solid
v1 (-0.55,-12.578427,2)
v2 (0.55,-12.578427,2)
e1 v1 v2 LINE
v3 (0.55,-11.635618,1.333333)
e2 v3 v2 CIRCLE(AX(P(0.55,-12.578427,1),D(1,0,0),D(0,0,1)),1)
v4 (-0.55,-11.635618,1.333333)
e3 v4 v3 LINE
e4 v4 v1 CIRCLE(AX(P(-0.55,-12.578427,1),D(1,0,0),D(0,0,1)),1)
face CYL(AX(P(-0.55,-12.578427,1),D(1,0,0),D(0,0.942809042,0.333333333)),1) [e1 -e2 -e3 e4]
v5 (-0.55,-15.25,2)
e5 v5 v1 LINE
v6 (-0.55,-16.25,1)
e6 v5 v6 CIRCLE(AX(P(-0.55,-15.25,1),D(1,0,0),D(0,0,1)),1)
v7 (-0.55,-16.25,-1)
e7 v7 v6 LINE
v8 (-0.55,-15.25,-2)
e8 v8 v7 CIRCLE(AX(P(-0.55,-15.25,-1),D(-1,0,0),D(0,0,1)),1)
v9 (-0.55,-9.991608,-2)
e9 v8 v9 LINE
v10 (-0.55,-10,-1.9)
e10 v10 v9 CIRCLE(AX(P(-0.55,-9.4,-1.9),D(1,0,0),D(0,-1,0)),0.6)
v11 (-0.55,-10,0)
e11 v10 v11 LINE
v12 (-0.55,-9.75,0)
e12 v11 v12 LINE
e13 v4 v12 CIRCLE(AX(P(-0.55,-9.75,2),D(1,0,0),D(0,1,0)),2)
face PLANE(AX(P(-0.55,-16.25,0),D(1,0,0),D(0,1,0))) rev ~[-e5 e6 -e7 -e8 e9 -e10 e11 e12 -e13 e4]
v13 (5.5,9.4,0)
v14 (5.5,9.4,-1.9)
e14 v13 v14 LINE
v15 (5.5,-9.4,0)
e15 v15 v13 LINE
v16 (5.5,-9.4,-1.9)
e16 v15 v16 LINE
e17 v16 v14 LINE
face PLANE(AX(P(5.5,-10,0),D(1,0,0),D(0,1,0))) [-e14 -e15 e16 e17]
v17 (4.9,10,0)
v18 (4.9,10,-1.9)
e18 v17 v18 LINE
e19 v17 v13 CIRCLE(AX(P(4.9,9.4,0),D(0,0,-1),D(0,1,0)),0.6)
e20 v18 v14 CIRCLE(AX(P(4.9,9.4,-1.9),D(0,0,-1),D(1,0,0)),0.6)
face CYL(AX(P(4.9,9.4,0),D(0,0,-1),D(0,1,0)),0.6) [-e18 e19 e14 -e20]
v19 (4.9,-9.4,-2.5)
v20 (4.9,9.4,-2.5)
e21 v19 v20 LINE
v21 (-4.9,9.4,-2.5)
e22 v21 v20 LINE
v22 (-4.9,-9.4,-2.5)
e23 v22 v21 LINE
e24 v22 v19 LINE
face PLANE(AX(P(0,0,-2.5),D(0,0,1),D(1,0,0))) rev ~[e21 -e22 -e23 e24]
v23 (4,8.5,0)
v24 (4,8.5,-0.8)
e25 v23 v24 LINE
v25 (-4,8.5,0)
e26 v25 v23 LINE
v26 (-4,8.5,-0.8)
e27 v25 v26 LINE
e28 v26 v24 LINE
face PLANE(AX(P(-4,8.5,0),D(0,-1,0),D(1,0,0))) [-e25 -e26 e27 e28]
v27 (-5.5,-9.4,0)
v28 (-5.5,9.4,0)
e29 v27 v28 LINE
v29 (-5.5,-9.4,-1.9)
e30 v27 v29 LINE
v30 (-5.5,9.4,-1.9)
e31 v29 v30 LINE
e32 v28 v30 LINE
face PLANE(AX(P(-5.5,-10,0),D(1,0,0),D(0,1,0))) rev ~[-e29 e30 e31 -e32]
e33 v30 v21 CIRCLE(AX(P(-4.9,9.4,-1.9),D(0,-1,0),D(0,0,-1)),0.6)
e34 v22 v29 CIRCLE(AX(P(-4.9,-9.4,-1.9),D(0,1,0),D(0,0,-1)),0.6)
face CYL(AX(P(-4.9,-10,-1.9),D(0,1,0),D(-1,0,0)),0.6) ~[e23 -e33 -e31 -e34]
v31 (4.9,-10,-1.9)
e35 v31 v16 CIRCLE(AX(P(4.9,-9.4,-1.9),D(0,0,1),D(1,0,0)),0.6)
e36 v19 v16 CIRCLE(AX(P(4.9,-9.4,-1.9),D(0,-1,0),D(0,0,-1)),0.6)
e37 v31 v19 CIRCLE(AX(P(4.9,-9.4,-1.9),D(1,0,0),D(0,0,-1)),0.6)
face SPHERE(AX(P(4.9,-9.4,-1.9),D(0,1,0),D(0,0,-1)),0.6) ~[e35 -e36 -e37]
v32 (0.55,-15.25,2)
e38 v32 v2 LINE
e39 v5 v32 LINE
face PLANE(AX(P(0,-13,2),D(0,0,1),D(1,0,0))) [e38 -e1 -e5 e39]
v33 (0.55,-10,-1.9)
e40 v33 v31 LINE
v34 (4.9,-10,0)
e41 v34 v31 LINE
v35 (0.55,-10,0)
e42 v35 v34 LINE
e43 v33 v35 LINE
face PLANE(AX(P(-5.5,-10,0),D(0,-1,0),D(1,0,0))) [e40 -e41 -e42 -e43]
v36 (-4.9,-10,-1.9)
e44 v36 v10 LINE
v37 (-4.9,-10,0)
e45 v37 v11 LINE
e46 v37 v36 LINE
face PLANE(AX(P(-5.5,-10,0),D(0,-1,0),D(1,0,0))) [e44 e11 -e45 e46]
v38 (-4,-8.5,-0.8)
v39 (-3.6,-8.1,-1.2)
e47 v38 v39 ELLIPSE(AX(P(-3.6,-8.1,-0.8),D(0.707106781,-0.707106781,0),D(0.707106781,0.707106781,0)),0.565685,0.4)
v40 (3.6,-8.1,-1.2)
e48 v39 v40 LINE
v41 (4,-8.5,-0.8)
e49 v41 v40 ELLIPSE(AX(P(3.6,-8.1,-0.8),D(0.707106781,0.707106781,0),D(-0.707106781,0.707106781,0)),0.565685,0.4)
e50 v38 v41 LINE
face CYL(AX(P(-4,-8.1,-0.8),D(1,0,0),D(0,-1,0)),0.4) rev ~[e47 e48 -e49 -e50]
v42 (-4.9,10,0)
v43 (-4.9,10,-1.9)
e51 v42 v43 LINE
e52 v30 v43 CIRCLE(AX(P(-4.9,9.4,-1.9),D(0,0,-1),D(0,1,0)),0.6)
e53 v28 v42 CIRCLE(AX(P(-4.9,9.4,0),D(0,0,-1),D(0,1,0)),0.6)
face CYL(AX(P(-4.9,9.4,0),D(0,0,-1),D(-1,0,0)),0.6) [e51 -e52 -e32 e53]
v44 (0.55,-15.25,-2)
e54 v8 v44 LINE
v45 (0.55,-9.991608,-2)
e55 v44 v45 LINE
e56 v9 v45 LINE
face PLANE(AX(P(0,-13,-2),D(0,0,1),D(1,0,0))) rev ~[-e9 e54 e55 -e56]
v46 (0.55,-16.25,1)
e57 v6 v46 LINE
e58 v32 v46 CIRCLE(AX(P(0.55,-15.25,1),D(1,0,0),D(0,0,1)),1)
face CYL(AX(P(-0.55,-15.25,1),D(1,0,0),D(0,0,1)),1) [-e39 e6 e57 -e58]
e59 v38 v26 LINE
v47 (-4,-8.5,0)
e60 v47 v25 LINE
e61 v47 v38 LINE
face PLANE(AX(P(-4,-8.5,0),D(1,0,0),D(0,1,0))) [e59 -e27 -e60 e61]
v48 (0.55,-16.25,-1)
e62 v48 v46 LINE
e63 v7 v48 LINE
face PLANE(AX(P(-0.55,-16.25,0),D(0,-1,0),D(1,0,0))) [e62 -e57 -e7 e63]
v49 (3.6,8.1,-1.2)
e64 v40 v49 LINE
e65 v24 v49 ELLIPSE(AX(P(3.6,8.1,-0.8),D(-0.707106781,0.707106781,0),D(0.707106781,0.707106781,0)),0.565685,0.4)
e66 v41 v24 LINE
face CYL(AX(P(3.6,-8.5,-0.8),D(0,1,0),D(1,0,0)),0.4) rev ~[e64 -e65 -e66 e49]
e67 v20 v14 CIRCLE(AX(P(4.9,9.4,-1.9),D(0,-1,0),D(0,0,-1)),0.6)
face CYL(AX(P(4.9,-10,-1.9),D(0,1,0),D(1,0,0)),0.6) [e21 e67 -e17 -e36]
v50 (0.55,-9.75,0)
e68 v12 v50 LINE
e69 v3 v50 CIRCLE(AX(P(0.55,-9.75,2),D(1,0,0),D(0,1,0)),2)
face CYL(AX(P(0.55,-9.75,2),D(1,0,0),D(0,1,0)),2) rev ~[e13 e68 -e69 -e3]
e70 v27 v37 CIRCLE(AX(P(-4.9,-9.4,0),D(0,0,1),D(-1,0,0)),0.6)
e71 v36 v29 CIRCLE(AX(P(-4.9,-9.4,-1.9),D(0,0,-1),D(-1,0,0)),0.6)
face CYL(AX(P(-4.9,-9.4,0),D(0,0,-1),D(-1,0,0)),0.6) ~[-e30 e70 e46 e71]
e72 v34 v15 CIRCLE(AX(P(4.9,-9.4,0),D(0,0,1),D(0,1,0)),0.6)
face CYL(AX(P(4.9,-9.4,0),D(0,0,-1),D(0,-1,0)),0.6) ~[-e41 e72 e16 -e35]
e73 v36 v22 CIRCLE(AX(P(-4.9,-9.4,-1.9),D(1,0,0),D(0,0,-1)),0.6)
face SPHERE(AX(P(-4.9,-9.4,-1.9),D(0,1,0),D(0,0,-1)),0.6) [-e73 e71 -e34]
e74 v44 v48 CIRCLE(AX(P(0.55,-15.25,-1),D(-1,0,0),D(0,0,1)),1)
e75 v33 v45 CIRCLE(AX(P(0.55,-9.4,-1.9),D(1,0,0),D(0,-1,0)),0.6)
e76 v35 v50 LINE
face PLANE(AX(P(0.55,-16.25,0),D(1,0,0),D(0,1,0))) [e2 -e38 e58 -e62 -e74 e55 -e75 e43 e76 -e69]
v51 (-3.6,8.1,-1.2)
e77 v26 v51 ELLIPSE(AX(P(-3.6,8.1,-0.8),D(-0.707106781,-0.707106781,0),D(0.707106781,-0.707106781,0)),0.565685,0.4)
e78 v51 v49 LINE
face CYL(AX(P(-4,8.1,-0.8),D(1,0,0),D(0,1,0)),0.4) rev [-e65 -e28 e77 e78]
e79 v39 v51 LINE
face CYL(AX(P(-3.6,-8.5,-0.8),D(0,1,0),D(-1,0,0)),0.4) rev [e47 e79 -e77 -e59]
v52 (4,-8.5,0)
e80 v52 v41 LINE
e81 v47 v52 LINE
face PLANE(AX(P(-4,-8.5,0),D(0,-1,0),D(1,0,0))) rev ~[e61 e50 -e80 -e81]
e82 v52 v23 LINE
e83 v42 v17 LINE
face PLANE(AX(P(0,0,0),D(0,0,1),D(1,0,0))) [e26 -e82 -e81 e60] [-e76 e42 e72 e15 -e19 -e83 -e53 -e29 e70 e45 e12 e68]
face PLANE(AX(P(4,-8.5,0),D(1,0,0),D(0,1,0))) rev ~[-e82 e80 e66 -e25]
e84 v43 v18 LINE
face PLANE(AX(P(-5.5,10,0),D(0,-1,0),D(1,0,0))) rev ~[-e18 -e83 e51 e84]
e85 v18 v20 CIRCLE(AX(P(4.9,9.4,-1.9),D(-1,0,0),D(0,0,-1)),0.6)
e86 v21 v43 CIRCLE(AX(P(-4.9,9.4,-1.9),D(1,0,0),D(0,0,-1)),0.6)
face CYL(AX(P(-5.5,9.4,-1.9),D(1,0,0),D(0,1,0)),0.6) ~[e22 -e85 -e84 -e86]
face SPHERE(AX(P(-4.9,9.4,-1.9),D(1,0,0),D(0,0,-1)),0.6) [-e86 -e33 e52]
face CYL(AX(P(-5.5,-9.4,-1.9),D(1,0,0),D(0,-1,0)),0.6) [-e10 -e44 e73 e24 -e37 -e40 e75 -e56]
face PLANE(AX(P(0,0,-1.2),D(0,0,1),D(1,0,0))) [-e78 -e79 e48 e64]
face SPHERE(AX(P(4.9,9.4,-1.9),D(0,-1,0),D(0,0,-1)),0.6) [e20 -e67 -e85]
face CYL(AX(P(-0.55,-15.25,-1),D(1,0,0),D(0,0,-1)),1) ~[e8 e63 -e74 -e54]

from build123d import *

# Parameters (mm, degrees)
F0_W     = 11
F0_H     = 20
F1_DEPTH = 2.5
F2_W     = 8
F2_H     = 17
F3_DEPTH = 1.2
F4_R     = 0.4
F5_R     = 0.6
F6_W     = 1.1
F6_H     = 6.5
F7_DEPTH = 2
F8_R     = 2
F9_DEPTH = 25
F10_R    = 1


with BuildPart() as f1:
    # F0 (on Top) → F1 (new body)
    with BuildSketch(Plane.XY):
        Rectangle(F0_W, F0_H)
    extrude(amount=-F1_DEPTH)

    # F2 (on face) → F3 (cut)
    with BuildSketch(Plane.XY):
        Rectangle(F2_W, F2_H)
    extrude(amount=-F3_DEPTH, mode=Mode.SUBTRACT)

    # F4
    f4_edges = [f1.edges().sort_by_distance(p)[0] for p in [
        (4, 0, -1.2),
        (0, 8.5, -1.2),
        (-4, 0, -1.2),
        (0, -8.5, -1.2),
    ]]
    fillet(f4_edges, radius=F4_R)

    # F5
    f5_edges = [f1.edges().sort_by_distance(p)[0] for p in [
        (5.5, 0, -2.5),
        (0, 10, -2.5),
        (-5.5, 0, -2.5),
        (0, -10, -2.5),
        (5.5, -10, -1.25),
        (-5.5, -10, -1.25),
        (-5.5, 10, -1.25),
        (5.5, 10, -1.25),
    ]]
    fillet(f5_edges, radius=F5_R)

    # F6 (on face) → F7 (join, symmetric)
    with BuildSketch(Plane.XY):
        with Locations((0, -13)):
            Rectangle(F6_W, F6_H)
    extrude(amount=F7_DEPTH, both=True)

    # F8 (on face) → F9 (cut)
    with BuildSketch(Plane.YZ.offset(0.55)):
        with Locations((-9.75, 2)):
            Circle(F8_R)
    extrude(amount=-F9_DEPTH, mode=Mode.SUBTRACT)

    # F10
    f10_edges = [f1.edges().sort_by_distance(p)[0] for p in [
        (0, -16.25, 2),
        (0, -16.25, -2),
        (0, -11.75, 2),
    ]]
    fillet(f10_edges, radius=F10_R)


solid = f1.part
